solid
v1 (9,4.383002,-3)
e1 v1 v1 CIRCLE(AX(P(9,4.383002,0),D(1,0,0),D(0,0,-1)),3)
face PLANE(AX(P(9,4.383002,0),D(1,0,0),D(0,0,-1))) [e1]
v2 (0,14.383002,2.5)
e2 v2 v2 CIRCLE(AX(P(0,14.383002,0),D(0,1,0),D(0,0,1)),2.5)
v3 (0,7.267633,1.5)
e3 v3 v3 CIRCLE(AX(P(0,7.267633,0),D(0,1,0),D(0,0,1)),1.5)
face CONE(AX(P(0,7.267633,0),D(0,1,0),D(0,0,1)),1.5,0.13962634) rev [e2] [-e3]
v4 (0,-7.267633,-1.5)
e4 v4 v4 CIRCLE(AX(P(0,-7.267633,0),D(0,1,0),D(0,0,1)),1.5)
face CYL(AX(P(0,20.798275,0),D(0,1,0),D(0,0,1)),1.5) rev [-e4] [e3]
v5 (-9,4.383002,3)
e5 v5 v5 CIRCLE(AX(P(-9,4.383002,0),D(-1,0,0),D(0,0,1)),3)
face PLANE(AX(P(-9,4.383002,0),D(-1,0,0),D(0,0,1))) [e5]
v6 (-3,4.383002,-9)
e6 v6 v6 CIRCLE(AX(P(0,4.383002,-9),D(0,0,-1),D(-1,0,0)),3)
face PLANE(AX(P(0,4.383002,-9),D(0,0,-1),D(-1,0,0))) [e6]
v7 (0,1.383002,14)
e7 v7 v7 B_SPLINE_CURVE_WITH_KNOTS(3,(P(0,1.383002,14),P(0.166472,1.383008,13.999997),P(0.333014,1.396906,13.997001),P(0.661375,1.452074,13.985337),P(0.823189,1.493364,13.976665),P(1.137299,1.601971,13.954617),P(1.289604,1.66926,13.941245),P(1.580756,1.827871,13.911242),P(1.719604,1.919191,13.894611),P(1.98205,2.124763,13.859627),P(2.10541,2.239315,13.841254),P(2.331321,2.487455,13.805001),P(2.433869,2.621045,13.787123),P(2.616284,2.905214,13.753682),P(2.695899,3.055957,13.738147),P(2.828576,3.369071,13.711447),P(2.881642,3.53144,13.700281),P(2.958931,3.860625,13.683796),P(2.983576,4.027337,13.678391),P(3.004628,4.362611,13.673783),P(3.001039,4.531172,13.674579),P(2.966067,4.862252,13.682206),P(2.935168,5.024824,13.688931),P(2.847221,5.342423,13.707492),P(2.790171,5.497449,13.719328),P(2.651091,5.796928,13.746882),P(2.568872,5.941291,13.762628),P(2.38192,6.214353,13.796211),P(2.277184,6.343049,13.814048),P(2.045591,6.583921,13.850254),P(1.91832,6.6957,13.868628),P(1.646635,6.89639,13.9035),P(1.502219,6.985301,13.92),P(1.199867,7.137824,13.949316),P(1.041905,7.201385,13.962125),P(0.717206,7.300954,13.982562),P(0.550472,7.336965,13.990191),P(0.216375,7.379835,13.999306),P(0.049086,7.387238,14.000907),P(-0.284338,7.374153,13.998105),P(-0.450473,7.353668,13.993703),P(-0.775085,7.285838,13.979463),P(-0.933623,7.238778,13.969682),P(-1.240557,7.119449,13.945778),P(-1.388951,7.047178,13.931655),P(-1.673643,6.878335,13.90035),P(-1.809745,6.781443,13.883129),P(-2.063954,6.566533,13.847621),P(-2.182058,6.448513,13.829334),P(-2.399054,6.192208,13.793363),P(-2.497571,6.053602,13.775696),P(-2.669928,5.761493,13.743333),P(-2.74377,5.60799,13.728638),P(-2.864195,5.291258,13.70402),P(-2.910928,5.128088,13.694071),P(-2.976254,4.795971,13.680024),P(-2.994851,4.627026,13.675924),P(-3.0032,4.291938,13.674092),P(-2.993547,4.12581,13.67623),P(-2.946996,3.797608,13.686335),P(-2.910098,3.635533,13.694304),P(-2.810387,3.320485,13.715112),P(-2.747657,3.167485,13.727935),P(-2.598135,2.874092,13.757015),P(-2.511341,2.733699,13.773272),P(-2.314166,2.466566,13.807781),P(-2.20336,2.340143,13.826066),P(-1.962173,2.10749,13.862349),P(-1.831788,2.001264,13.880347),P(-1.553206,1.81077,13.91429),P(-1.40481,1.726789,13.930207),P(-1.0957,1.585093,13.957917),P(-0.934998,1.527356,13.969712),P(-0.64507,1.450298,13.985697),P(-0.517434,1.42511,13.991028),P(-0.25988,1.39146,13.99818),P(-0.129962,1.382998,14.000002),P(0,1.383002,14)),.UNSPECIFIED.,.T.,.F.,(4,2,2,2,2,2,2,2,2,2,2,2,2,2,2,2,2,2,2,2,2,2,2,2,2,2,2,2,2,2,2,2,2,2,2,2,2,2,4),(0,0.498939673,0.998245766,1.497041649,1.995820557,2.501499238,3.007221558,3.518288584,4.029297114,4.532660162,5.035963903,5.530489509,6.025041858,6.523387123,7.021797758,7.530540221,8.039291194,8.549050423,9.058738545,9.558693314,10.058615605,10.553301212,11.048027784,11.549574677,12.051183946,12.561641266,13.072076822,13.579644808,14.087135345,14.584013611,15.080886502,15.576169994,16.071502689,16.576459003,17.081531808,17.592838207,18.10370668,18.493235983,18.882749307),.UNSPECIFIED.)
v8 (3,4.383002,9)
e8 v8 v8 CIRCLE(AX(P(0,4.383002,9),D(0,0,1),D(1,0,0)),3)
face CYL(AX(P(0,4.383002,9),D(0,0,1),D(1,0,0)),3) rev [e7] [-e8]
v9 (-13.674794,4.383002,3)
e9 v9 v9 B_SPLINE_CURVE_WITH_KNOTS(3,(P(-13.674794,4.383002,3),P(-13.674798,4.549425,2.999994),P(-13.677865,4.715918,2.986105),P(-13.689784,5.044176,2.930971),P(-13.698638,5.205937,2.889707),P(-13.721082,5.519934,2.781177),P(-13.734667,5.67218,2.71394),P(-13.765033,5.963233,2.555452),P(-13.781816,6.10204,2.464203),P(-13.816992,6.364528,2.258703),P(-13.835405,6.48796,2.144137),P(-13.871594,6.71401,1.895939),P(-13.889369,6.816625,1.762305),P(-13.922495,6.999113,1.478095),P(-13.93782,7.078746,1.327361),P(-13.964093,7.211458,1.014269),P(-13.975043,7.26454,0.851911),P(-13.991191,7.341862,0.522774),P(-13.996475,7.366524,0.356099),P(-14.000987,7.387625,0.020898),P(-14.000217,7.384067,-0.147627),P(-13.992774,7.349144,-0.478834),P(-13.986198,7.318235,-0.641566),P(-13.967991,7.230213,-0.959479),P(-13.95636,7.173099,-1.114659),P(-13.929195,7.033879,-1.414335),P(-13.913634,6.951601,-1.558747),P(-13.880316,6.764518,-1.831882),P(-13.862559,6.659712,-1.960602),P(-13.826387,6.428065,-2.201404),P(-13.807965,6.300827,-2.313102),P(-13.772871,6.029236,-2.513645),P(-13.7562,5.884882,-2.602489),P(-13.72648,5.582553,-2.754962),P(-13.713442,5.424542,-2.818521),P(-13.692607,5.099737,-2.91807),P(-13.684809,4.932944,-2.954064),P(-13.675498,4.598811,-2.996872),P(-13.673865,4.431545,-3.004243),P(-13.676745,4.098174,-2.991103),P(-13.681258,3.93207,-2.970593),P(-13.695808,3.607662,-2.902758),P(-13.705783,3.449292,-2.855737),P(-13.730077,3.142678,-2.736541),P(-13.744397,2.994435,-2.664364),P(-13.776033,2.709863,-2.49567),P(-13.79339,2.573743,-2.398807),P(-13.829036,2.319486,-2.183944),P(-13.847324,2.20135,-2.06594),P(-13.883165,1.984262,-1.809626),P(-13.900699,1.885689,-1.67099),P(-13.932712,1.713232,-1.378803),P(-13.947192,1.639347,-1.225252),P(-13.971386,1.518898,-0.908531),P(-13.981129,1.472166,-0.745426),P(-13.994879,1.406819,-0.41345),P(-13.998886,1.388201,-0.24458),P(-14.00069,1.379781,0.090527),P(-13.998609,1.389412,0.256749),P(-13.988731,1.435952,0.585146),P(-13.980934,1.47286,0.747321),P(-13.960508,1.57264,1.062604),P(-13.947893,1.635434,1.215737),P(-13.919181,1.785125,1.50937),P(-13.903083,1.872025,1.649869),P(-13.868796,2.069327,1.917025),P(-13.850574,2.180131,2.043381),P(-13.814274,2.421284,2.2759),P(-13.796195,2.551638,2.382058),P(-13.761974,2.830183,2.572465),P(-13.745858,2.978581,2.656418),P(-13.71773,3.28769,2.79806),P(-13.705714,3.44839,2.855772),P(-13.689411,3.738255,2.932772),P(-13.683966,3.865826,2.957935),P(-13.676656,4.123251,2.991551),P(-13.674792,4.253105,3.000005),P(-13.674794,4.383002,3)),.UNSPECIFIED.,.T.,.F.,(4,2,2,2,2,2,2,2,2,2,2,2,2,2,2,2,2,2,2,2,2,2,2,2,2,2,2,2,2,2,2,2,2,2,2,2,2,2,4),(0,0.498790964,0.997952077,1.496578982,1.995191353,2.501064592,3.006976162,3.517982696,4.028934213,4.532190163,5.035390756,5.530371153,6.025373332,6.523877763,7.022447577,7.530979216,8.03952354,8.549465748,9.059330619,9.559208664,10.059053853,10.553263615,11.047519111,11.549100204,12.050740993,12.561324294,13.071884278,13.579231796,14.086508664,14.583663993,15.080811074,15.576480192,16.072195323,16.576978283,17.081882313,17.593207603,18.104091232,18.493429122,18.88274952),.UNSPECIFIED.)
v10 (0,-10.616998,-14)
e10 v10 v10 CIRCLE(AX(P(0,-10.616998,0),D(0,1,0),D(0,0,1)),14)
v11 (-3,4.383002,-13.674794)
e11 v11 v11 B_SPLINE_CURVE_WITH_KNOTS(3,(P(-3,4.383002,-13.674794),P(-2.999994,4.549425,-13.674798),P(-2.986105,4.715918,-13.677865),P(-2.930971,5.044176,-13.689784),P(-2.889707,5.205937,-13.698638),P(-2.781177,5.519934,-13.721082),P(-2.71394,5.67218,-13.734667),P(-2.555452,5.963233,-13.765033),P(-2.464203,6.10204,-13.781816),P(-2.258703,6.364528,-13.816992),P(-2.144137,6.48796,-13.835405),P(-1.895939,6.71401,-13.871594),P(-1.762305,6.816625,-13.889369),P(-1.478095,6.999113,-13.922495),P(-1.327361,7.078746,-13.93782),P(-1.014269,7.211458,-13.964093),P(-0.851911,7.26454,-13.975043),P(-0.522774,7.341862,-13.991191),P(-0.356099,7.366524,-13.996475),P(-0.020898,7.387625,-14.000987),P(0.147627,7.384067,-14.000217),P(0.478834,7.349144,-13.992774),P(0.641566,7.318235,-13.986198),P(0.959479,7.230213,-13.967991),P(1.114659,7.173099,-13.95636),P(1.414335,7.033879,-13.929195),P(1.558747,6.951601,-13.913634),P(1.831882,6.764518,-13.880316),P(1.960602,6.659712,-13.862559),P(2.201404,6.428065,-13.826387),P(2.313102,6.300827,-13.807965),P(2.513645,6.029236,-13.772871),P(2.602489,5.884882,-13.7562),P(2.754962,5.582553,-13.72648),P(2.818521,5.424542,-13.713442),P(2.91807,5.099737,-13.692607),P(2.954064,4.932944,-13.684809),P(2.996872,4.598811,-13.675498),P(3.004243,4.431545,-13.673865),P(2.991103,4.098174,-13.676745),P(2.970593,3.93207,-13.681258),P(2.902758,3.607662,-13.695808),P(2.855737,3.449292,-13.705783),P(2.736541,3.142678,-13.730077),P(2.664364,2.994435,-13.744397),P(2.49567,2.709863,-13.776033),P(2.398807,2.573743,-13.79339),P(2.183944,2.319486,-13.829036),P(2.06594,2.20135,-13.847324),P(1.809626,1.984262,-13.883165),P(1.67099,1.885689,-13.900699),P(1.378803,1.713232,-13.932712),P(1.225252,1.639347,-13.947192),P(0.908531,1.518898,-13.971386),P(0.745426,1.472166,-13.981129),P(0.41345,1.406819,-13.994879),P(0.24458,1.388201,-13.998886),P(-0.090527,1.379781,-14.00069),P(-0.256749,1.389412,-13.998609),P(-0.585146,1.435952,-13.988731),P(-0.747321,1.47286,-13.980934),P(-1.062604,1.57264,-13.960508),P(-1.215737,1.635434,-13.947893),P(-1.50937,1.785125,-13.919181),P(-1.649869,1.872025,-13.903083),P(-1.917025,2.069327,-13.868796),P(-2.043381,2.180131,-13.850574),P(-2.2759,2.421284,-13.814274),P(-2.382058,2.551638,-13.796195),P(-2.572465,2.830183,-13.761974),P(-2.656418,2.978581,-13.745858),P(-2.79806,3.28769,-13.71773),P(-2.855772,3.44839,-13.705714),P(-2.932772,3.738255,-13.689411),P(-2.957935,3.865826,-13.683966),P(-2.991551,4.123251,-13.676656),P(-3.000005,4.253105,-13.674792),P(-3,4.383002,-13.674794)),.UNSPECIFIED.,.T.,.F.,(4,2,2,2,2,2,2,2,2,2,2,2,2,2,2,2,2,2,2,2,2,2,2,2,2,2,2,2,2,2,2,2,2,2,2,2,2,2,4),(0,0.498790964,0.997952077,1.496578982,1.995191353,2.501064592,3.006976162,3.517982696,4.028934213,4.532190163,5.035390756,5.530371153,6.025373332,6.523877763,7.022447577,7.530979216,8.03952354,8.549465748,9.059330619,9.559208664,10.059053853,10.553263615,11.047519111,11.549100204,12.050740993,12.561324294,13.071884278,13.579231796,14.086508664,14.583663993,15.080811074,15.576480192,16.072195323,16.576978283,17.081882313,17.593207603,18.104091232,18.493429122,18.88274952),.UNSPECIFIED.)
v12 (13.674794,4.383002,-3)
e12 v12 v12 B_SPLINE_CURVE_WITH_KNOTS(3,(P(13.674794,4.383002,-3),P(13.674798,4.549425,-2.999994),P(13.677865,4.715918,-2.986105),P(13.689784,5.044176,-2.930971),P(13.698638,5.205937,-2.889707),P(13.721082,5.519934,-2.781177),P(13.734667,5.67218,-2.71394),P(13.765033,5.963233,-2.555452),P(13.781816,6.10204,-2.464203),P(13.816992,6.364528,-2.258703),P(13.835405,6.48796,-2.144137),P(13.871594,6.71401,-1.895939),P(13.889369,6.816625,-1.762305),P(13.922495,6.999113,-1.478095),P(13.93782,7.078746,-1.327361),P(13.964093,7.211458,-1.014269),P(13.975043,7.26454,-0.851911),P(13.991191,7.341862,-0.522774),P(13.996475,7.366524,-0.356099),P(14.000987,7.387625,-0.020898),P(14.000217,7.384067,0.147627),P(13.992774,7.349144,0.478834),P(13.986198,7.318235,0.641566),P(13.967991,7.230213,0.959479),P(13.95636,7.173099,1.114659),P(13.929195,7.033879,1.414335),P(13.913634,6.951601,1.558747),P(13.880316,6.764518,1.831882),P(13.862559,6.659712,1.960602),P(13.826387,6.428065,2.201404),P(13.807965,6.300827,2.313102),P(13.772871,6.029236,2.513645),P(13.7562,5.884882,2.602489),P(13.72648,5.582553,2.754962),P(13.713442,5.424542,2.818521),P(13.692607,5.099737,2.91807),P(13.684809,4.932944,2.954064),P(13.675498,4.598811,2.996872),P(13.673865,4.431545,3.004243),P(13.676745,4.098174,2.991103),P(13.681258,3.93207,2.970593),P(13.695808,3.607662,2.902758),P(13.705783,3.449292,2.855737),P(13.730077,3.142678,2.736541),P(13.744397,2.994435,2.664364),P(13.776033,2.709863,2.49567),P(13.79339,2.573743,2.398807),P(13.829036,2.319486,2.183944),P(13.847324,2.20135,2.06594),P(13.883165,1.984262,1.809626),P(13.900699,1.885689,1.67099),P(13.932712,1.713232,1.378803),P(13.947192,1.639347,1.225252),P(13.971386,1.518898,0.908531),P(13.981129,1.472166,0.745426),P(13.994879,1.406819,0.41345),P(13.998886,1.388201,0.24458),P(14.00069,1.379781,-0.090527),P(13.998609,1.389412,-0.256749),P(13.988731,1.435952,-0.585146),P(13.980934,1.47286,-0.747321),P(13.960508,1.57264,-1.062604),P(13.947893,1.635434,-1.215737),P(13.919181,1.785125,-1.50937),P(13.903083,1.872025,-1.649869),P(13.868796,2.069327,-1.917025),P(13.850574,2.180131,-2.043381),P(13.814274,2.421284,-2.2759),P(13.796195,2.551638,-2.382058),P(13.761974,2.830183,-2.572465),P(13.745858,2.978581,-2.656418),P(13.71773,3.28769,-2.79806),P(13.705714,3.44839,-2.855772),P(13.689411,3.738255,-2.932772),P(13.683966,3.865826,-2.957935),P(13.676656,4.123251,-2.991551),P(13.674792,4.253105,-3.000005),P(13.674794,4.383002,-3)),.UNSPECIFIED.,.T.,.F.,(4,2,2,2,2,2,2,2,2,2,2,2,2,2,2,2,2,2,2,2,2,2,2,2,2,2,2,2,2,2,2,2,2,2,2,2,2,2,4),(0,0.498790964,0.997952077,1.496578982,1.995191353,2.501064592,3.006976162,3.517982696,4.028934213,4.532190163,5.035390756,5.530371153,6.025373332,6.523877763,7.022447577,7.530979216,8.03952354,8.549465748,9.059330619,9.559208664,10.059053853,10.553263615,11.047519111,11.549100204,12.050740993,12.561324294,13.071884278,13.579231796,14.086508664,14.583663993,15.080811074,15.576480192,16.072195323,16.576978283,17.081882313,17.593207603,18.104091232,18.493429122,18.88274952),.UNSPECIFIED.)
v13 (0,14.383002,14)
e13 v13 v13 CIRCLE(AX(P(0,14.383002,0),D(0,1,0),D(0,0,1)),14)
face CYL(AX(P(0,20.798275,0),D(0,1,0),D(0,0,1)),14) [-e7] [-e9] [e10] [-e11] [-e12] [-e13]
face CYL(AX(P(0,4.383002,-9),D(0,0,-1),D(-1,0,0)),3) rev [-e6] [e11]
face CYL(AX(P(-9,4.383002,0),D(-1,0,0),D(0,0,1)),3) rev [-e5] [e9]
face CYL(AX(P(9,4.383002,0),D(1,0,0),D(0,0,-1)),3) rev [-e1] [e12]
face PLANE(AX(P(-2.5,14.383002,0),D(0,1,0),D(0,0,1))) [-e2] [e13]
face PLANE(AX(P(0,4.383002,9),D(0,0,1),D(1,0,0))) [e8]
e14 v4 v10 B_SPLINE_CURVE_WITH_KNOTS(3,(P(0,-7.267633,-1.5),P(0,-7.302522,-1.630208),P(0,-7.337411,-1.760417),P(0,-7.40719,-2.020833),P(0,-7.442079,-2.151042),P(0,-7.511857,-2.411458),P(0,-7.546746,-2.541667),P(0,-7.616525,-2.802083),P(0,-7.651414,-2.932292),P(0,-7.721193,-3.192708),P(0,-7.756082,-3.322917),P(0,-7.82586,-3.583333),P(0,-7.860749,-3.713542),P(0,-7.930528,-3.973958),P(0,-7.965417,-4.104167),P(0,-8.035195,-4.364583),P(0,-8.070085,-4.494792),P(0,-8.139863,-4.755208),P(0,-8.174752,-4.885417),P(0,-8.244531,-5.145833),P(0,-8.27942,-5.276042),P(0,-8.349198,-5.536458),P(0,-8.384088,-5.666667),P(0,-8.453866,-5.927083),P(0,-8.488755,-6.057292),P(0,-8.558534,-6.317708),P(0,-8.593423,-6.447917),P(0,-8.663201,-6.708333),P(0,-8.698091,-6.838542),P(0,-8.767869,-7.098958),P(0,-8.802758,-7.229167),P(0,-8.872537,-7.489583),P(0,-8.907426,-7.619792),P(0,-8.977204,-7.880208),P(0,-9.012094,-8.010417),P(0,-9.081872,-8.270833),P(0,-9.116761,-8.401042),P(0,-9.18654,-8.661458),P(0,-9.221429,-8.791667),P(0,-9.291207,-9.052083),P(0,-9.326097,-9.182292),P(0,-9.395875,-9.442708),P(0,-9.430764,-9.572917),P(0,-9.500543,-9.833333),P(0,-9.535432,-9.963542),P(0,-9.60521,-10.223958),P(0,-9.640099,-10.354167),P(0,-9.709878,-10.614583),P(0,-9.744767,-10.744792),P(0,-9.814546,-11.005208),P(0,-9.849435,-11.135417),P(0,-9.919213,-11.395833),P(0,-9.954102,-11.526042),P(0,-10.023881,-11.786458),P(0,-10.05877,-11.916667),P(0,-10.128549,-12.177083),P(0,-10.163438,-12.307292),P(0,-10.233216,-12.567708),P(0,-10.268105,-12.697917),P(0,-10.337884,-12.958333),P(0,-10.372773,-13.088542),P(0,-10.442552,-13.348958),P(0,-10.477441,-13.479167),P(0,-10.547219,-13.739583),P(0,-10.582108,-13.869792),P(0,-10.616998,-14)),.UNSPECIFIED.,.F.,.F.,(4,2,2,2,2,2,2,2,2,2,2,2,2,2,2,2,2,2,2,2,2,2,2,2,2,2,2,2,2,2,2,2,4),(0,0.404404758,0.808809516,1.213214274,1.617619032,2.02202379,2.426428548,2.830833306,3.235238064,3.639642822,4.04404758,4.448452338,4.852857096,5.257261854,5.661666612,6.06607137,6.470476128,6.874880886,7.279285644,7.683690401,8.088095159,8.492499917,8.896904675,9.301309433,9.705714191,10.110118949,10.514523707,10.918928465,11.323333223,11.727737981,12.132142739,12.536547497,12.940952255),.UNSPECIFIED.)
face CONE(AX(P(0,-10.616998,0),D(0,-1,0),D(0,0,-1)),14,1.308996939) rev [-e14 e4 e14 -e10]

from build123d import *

# Parameters (mm, degrees)
SKETCH2_R          = 3
CUT_EXTRUDE1_DEPTH = 5
CIRPATTERN1_COUNT  = 4


with BuildPart() as part:
    # Sketch1 → Revolve1 (revolve)
    with BuildSketch(Plane.XY):
        Polygon((-1.5, 7.267632686), (-1.5, -7.267632686), (-14, -10.616997592), (-14, 14.383002408), (-2.5, 14.383002408), align=None)
    revolve(axis=Axis((0, 20.798274686, 0), (0, -1, 0)))

    # Sketch2 → Cut-Extrude1 (cut)
    with BuildSketch(Plane(origin=(14, 0, 0), x_dir=(0, 0, -1), z_dir=(1, 0, 0))):
        with Locations((0, 4.383002408)):
            Circle(SKETCH2_R)
    cut_extrude1 = extrude(amount=-CUT_EXTRUDE1_DEPTH, mode=Mode.SUBTRACT)

    # CirPattern1: Cut-Extrude1 ×4 about axis
    cirpattern1_axis = Axis((0, -10.616997592, 0), (0, 1, 0))
    for i in range(1, CIRPATTERN1_COUNT):
        add(cut_extrude1.rotate(cirpattern1_axis, i * 360 / CIRPATTERN1_COUNT), mode=Mode.SUBTRACT)


solid = part.part
